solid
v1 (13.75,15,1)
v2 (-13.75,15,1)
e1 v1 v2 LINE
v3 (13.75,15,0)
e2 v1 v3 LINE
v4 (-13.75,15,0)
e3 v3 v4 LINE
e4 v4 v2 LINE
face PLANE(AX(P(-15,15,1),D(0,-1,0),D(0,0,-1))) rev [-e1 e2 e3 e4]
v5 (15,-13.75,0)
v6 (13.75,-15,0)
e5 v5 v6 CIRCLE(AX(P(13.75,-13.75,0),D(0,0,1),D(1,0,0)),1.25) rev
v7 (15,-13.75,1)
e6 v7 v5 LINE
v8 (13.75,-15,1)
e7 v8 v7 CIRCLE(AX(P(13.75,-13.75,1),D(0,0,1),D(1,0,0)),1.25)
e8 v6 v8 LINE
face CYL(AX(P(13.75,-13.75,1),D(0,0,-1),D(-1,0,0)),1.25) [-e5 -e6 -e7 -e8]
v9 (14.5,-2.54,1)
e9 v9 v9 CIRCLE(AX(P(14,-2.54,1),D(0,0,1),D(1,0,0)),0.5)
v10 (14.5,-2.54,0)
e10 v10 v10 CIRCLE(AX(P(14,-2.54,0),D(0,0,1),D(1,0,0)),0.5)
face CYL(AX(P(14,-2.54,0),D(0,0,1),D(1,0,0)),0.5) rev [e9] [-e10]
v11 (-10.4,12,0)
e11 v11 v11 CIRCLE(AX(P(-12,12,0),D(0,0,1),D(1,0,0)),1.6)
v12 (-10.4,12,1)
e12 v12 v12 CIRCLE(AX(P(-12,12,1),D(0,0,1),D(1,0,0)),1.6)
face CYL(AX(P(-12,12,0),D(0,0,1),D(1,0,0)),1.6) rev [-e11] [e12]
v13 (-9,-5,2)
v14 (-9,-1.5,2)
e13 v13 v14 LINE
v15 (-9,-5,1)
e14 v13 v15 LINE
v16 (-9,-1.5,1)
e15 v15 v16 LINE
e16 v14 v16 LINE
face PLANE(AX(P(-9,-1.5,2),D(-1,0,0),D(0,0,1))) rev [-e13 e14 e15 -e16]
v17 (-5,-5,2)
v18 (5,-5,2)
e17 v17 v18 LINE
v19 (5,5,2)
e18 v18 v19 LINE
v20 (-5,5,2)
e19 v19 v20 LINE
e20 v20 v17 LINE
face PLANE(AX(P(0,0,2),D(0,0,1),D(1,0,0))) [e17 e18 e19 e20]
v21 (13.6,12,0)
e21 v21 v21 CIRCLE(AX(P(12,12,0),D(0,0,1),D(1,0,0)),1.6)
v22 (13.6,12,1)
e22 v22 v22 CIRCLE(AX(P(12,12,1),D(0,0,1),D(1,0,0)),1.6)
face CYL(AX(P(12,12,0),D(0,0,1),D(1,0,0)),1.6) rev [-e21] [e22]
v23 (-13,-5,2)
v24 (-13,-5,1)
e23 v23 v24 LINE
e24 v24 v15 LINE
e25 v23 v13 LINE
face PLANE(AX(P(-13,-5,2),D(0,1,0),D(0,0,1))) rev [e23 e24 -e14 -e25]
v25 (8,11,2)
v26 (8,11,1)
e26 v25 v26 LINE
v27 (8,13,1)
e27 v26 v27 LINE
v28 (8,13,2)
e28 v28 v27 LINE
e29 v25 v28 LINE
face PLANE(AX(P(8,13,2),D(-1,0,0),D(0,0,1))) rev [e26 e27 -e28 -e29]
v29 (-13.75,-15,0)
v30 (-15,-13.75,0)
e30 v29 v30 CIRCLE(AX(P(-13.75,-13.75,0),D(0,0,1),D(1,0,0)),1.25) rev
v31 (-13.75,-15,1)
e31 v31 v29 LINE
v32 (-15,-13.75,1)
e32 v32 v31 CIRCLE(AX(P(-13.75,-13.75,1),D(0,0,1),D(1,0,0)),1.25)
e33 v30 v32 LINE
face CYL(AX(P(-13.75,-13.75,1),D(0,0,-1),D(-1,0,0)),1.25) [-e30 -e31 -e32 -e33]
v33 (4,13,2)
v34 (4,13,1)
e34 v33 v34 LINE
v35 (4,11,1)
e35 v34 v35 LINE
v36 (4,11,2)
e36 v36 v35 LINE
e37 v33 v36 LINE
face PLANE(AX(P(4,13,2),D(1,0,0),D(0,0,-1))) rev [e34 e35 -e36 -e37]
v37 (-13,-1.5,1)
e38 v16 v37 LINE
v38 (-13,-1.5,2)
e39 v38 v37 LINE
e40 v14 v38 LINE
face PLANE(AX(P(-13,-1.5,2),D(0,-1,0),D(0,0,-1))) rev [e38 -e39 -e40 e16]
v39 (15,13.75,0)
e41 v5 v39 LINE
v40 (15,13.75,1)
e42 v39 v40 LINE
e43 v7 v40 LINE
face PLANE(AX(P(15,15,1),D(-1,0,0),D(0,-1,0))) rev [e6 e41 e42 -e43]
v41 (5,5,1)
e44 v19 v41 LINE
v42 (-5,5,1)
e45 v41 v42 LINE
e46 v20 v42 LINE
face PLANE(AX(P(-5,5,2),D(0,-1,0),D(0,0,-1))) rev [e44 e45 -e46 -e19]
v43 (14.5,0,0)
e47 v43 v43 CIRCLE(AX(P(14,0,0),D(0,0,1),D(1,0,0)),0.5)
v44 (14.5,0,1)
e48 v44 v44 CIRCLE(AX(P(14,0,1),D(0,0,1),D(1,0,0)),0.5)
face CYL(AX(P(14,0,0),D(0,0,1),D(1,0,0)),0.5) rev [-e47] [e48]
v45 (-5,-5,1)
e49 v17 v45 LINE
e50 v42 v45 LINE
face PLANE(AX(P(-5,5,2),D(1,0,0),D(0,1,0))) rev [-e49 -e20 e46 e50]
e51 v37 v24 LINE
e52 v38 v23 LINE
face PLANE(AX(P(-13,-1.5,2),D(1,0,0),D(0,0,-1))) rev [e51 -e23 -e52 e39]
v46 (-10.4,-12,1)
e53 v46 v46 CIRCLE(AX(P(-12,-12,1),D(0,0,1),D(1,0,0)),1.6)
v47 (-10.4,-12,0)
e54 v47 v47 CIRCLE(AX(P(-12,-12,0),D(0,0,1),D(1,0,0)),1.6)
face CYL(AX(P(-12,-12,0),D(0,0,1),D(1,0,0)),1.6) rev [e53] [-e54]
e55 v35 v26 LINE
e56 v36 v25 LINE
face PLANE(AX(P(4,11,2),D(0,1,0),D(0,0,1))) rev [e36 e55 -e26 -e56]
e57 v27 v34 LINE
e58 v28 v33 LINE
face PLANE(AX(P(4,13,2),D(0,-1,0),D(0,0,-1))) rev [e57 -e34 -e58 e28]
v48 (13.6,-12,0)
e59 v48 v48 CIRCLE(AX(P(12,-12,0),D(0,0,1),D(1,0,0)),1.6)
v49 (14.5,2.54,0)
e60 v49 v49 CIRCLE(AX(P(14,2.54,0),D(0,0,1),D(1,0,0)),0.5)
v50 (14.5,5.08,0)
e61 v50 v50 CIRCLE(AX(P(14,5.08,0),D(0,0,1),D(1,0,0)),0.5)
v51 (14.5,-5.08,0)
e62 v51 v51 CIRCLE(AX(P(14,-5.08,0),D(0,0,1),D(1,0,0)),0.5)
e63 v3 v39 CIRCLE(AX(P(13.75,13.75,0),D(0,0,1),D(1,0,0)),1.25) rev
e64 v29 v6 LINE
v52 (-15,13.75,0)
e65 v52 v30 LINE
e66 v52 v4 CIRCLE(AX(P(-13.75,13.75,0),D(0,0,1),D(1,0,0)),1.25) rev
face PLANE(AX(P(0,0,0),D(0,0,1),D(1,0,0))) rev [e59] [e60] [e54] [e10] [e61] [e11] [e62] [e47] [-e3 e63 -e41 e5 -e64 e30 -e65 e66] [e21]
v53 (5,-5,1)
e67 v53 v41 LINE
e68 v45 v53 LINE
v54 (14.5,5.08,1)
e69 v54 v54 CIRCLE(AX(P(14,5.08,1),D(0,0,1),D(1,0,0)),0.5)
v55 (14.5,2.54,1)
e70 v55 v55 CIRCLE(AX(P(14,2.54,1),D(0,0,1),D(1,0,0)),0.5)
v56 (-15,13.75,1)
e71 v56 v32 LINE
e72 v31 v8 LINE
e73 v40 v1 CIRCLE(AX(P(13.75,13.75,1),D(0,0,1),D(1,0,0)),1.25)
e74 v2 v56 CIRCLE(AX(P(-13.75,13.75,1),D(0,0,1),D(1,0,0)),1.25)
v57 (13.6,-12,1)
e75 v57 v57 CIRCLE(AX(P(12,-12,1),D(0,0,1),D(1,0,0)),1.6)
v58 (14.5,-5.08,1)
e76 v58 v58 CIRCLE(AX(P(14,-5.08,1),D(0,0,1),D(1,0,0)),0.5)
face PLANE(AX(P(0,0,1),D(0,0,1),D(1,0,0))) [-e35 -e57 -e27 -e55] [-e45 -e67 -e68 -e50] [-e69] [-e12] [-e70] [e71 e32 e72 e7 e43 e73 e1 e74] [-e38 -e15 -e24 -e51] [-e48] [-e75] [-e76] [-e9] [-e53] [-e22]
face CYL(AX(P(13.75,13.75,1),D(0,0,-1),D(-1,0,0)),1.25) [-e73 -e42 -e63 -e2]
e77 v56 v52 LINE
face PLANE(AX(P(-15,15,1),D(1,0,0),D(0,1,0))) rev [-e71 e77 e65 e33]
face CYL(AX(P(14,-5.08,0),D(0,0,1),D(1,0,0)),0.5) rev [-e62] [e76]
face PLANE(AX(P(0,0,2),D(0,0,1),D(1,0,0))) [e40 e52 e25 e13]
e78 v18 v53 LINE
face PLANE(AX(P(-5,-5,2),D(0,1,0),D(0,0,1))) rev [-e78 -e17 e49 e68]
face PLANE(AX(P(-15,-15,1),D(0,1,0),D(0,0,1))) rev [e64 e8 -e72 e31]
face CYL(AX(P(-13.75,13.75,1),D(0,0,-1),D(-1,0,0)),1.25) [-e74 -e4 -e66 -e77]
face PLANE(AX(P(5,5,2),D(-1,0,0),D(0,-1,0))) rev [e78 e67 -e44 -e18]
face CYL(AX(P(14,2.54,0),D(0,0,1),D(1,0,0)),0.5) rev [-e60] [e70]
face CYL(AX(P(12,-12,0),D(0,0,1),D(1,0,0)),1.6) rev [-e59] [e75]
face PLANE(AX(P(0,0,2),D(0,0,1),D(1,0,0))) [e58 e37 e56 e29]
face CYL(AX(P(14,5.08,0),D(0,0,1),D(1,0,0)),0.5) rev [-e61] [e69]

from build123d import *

# Parameters (mm, degrees)
SKETCH_1_W                 = 30
SKETCH_1_H                 = 30
EXTRUDE_1_DEPTH            = 1
FILLET_1_R                 = 1.25
SKETCH_2_R                 = 1.6
CUT_EXTRUDE_1_DEPTH        = 1
SKETCH_3_R                 = 0.5
CUT_EXTRUDE_2_DEPTH        = 1
PATTERN_LINEAR_1_COUNT     = 3
PATTERN_LINEAR_1_PITCH     = 2.54
PATTERN_LINEAR_1_COL_COUNT = 3
PATTERN_LINEAR_1_COL_PITCH = 2.54
SKETCH_4_W                 = 10
SKETCH_4_H                 = 10
EXTRUDE_2_DEPTH            = 1
SKETCH_5_W                 = 4
SKETCH_5_H                 = 3.5
SKETCH_5_H_2               = 2
EXTRUDE_3_DEPTH            = 1


with BuildPart() as part:
    # ｽｹｯﾁ1 → ﾎﾞｽ - 押し出し1 (new body)
    with BuildSketch(Plane.XY):
        Rectangle(SKETCH_1_W, SKETCH_1_H)
    extrude(amount=EXTRUDE_1_DEPTH)

    # ﾌｨﾚｯﾄ1
    fillet_1_edges = [part.edges().sort_by_distance(p)[0] for p in [
        (15, -15, 0.5),
        (-15, -15, 0.5),
        (-15, 15, 0.5),
        (15, 15, 0.5),
    ]]
    fillet(fillet_1_edges, radius=FILLET_1_R)

    # ｽｹｯﾁ2 → ｶｯﾄ - 押し出し1 (cut)
    with BuildSketch(Plane.XY.offset(1)):
        with Locations((-12, 12)):
            Circle(SKETCH_2_R)
        with Locations((12, 12)):
            Circle(SKETCH_2_R)
        with Locations((-12, -12)):
            Circle(SKETCH_2_R)
        with Locations((12, -12)):
            Circle(SKETCH_2_R)
    extrude(amount=-CUT_EXTRUDE_1_DEPTH, mode=Mode.SUBTRACT)

    # ｽｹｯﾁ3 → ｶｯﾄ - 押し出し2 (cut)
    with BuildSketch(Plane.XY.offset(1)):
        with Locations((14, 0)):
            Circle(SKETCH_3_R)
    cut_extrude_2 = extrude(amount=-CUT_EXTRUDE_2_DEPTH, mode=Mode.SUBTRACT)

    # 直線ﾊﾟﾀｰﾝ1: ｶｯﾄ - 押し出し2 ×3
    with Locations(*[(0, -i * PATTERN_LINEAR_1_PITCH, 0) for i in range(1, PATTERN_LINEAR_1_COUNT)]):
        add(cut_extrude_2, mode=Mode.SUBTRACT)

    # 直線ﾊﾟﾀｰﾝ1 col: ｶｯﾄ - 押し出し2 ×3
    with Locations(*[(0, i * PATTERN_LINEAR_1_COL_PITCH, 0) for i in range(1, PATTERN_LINEAR_1_COL_COUNT)]):
        add(cut_extrude_2, mode=Mode.SUBTRACT)

    # ｽｹｯﾁ4 → ﾎﾞｽ - 押し出し2 (add)
    with BuildSketch(Plane.XY.offset(1)):
        Rectangle(SKETCH_4_W, SKETCH_4_H)
    extrude(amount=EXTRUDE_2_DEPTH)

    # ｽｹｯﾁ5 → ﾎﾞｽ - 押し出し3 (add)
    with BuildSketch(Plane.XY.offset(1)):
        with Locations((-11, -3.25)):
            Rectangle(SKETCH_5_W, SKETCH_5_H)
        with Locations((6, 12)):
            Rectangle(SKETCH_5_W, SKETCH_5_H_2)
    extrude(amount=EXTRUDE_3_DEPTH)


solid = part.part
